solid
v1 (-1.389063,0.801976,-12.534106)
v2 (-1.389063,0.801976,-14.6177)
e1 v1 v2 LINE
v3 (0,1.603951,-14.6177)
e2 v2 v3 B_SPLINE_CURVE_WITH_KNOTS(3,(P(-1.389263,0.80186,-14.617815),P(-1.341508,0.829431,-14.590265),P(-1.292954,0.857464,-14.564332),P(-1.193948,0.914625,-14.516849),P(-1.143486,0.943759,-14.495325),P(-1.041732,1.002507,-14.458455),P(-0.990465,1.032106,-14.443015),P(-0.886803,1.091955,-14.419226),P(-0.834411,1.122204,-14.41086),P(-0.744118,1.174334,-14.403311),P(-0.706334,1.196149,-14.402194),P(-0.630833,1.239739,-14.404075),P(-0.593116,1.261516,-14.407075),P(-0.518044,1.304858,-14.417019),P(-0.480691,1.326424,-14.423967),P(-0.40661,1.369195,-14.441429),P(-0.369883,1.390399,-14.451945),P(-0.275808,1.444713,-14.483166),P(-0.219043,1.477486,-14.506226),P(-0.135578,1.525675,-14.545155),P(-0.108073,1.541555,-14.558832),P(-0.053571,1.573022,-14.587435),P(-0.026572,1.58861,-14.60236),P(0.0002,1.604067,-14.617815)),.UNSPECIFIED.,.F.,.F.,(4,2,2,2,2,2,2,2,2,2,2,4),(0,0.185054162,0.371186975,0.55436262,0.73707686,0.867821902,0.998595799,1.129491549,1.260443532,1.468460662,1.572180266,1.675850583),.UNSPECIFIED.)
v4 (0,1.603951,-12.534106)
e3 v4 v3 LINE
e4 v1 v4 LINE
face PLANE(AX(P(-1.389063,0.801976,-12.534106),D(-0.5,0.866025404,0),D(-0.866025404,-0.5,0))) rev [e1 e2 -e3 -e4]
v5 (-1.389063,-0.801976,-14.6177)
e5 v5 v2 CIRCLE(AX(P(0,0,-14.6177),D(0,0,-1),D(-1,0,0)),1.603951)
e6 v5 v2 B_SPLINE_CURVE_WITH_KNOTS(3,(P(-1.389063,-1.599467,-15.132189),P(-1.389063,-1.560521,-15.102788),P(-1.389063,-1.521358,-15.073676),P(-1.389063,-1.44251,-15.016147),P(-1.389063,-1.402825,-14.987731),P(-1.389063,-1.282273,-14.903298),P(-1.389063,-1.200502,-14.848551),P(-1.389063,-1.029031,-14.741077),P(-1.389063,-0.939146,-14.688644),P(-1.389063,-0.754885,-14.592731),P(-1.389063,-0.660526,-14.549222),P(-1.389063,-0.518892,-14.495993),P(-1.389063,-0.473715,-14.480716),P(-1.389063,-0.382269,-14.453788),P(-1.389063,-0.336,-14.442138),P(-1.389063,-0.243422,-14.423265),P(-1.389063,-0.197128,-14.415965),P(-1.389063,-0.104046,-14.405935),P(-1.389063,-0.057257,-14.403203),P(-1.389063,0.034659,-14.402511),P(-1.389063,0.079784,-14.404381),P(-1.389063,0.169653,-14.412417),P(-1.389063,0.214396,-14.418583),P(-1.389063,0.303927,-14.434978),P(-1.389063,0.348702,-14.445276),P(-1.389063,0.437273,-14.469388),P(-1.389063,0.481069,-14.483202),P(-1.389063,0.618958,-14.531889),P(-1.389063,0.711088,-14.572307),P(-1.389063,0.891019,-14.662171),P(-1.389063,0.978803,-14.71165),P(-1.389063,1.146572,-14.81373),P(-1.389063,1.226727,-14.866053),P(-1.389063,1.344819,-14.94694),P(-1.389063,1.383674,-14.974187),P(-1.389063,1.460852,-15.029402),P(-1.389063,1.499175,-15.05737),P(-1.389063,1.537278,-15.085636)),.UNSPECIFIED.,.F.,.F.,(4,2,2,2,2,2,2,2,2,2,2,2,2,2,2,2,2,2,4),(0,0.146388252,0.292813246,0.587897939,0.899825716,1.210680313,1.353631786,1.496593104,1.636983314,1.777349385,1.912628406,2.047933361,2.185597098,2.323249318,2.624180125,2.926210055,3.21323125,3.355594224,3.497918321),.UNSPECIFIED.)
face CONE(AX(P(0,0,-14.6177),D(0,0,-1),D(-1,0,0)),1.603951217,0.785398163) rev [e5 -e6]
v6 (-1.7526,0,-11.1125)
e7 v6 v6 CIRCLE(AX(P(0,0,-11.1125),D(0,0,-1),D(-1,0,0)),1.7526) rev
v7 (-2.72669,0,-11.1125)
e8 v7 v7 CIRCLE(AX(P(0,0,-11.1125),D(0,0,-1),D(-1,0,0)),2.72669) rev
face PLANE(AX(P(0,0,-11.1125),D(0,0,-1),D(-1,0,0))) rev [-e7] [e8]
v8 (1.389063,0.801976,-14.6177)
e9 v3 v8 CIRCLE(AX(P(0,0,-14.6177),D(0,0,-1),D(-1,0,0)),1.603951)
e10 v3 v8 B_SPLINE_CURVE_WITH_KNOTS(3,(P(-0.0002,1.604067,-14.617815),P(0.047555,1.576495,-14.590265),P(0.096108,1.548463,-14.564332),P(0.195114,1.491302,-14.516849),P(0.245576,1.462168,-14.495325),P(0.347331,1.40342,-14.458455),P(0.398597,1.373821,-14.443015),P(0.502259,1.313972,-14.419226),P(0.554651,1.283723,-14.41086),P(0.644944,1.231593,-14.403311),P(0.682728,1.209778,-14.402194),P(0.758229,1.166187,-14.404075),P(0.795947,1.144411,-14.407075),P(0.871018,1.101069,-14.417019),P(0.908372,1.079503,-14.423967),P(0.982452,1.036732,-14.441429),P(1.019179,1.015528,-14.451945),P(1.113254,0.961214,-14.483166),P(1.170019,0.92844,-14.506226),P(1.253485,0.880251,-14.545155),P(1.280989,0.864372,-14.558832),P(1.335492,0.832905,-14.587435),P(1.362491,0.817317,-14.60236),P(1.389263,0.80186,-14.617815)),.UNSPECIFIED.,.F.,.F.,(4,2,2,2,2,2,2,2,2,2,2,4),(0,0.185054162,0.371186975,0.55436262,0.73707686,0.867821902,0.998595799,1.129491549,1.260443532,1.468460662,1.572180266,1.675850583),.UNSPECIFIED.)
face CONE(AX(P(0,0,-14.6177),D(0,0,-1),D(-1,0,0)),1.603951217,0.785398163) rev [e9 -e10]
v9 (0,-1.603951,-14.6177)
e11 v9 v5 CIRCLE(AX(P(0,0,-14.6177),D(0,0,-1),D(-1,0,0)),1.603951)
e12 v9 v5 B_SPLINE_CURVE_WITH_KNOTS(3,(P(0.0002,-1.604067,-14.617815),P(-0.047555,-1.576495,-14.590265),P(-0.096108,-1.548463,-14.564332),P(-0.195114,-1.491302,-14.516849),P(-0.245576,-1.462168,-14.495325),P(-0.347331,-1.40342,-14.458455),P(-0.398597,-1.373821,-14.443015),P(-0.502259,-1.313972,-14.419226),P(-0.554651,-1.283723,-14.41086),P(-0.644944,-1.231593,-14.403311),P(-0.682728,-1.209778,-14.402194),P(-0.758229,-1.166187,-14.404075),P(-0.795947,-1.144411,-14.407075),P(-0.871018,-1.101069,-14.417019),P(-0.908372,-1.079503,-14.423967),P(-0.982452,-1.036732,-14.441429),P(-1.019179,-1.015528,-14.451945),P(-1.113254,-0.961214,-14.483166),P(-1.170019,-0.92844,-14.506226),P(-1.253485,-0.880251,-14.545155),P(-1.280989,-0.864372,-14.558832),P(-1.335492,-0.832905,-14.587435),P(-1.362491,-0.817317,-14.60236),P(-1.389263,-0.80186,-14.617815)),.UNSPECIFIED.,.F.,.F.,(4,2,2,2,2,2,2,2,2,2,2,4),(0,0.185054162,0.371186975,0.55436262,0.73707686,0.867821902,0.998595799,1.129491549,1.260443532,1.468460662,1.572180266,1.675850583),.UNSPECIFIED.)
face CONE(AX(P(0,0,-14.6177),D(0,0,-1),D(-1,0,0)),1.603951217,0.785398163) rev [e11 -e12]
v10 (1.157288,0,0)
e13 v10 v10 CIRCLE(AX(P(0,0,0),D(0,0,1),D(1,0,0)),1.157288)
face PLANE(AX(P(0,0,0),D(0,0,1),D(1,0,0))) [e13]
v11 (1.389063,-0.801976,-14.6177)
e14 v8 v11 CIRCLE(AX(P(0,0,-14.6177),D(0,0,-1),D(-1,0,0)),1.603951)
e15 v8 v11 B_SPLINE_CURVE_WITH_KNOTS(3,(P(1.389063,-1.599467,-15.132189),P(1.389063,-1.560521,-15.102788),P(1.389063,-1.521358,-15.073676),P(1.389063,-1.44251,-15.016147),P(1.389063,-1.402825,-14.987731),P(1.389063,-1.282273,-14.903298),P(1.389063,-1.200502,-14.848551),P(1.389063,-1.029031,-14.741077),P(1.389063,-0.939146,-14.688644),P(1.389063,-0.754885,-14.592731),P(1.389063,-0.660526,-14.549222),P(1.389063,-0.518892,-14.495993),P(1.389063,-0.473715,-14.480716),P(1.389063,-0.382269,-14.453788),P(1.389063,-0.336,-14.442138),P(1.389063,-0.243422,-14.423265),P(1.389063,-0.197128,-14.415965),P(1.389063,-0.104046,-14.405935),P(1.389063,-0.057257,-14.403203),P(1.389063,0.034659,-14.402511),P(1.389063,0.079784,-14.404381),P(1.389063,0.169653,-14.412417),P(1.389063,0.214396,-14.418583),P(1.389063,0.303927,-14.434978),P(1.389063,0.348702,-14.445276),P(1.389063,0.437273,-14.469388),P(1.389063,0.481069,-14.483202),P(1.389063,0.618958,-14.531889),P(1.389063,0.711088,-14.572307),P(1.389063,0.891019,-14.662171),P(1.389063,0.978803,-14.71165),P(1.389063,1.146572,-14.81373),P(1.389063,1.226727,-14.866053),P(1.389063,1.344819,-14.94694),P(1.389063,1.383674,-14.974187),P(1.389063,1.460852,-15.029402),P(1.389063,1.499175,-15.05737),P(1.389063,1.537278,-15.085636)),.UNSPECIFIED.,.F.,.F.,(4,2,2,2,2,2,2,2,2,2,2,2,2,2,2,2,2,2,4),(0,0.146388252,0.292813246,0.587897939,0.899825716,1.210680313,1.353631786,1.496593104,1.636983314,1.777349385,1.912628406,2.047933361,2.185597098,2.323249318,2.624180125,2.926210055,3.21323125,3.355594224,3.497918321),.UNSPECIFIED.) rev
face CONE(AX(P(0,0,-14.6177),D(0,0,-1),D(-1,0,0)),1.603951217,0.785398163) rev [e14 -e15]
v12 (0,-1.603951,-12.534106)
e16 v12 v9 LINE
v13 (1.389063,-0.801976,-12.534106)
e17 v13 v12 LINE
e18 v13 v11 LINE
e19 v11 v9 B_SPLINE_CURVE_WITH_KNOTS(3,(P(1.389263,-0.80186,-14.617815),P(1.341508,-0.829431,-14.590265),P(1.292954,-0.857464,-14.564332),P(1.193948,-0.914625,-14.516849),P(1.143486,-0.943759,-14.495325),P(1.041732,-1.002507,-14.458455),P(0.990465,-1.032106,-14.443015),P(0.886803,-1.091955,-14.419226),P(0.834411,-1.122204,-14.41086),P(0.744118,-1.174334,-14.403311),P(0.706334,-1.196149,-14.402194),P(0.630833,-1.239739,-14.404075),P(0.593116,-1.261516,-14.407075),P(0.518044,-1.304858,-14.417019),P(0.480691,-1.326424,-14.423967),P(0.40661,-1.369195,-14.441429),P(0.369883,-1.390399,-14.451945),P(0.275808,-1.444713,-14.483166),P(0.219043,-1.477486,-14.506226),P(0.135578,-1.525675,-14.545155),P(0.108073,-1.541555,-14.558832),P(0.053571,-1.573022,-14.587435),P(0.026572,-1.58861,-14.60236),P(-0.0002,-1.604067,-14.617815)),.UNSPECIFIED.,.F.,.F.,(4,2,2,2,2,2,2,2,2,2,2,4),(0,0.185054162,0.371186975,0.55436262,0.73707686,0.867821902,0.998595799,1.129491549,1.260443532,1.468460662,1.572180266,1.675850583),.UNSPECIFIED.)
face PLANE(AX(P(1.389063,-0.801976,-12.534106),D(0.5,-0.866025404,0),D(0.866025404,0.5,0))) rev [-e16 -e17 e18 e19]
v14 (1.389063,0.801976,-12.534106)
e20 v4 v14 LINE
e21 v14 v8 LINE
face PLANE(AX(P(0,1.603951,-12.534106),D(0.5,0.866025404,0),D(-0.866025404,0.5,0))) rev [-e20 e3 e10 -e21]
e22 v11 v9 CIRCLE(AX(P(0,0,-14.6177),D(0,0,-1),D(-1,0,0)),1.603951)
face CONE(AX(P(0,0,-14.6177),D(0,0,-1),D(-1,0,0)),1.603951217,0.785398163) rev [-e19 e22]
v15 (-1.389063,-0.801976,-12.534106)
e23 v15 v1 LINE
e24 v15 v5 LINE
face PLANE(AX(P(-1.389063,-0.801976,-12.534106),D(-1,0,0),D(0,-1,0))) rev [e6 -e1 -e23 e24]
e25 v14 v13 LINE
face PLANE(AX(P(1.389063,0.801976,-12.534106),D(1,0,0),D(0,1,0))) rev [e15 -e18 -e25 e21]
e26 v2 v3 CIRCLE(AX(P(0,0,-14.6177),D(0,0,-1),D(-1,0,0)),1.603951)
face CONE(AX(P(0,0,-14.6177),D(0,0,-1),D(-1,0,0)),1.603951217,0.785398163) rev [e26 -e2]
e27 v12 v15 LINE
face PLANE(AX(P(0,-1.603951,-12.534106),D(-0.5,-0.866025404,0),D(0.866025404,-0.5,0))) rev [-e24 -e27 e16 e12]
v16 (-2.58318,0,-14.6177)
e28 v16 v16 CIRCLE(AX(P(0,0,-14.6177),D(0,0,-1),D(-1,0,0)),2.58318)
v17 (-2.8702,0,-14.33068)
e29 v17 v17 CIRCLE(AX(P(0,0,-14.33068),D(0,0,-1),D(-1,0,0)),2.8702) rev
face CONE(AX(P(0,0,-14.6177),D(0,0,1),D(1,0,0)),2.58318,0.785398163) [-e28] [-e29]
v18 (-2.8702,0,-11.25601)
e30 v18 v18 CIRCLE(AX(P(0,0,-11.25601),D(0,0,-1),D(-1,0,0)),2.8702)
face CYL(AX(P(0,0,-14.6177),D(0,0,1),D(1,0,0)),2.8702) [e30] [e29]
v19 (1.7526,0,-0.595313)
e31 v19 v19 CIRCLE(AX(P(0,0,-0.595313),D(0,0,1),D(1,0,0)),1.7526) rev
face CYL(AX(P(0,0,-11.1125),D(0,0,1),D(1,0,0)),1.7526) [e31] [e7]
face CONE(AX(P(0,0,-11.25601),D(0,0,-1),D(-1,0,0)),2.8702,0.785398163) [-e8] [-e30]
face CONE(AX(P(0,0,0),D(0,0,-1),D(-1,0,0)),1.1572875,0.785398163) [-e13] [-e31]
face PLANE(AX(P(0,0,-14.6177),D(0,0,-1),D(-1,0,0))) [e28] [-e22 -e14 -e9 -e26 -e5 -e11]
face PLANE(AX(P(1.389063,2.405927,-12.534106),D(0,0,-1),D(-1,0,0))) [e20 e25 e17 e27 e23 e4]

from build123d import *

# Parameters (mm, degrees)
SKETCH1_R          = 1.7526
EXTRUDE1_DEPTH     = 11.1125
CHAMFER3_SIZE      = 0.5953125
SKETCH6_R          = 2.8702
EXTRUDE2_DEPTH     = 3.5052
CUT_EXTRUDE1_DEPTH = 2.08359375
CHAMFER1_SIZE      = 0.28702
CHAMFER2_SIZE      = 0.14351


with BuildPart() as part:
    # Sketch1 → Extrude1 (new body)
    with BuildSketch(Plane.XY):
        Circle(SKETCH1_R)
    extrude(amount=-EXTRUDE1_DEPTH)

    # Chamfer3
    chamfer3_edges = [part.edges().sort_by_distance(p)[0] for p in [
        (-1.7526, 0, 0),
    ]]
    chamfer(chamfer3_edges, length=CHAMFER3_SIZE)

    # Sketch6 → Extrude2 (add)
    with BuildSketch(Plane(origin=(0, 0, -11.1125), x_dir=(-1, 0, 0), z_dir=(0, 0, -1))):
        Circle(SKETCH6_R)
    extrude(amount=EXTRUDE2_DEPTH)

    # Sketch7 → Cut-Extrude1 (cut)
    with BuildSketch(Plane(origin=(0, 0, -14.6177), x_dir=(-1, 0, 0), z_dir=(0, 0, -1))):
        Polygon((0, 1.603951217), (-1.3890625, 0.801975608), (-1.3890625, -0.801975608), (0, -1.603951217), (1.3890625, -0.801975608), (1.3890625, 0.801975608), align=None)
    extrude(amount=-CUT_EXTRUDE1_DEPTH, mode=Mode.SUBTRACT)

    # Cut-Extrude2 cone 1 section (through the dimple's axis) → Cut-Extrude2 (revolve, cut)
    with BuildSketch(Plane(origin=(0, 0, -14.6177), x_dir=(0, 1, 0), z_dir=(1, 0, 0))):
        Polygon((0, 0), (1.603951217, 0), (0, 1.603951217), align=None)
    revolve(axis=Axis((0, 0, -14.6177), (0, 0, 1)), mode=Mode.SUBTRACT)

    # Chamfer1
    chamfer1_edges = [part.edges().sort_by_distance(p)[0] for p in [
        (2.8702, 0, -14.6177),
    ]]
    chamfer(chamfer1_edges, length=CHAMFER1_SIZE)

    # Chamfer2
    chamfer2_edges = [part.edges().sort_by_distance(p)[0] for p in [
        (2.8702, 0, -11.1125),
    ]]
    chamfer(chamfer2_edges, length=CHAMFER2_SIZE)


solid = part.part
